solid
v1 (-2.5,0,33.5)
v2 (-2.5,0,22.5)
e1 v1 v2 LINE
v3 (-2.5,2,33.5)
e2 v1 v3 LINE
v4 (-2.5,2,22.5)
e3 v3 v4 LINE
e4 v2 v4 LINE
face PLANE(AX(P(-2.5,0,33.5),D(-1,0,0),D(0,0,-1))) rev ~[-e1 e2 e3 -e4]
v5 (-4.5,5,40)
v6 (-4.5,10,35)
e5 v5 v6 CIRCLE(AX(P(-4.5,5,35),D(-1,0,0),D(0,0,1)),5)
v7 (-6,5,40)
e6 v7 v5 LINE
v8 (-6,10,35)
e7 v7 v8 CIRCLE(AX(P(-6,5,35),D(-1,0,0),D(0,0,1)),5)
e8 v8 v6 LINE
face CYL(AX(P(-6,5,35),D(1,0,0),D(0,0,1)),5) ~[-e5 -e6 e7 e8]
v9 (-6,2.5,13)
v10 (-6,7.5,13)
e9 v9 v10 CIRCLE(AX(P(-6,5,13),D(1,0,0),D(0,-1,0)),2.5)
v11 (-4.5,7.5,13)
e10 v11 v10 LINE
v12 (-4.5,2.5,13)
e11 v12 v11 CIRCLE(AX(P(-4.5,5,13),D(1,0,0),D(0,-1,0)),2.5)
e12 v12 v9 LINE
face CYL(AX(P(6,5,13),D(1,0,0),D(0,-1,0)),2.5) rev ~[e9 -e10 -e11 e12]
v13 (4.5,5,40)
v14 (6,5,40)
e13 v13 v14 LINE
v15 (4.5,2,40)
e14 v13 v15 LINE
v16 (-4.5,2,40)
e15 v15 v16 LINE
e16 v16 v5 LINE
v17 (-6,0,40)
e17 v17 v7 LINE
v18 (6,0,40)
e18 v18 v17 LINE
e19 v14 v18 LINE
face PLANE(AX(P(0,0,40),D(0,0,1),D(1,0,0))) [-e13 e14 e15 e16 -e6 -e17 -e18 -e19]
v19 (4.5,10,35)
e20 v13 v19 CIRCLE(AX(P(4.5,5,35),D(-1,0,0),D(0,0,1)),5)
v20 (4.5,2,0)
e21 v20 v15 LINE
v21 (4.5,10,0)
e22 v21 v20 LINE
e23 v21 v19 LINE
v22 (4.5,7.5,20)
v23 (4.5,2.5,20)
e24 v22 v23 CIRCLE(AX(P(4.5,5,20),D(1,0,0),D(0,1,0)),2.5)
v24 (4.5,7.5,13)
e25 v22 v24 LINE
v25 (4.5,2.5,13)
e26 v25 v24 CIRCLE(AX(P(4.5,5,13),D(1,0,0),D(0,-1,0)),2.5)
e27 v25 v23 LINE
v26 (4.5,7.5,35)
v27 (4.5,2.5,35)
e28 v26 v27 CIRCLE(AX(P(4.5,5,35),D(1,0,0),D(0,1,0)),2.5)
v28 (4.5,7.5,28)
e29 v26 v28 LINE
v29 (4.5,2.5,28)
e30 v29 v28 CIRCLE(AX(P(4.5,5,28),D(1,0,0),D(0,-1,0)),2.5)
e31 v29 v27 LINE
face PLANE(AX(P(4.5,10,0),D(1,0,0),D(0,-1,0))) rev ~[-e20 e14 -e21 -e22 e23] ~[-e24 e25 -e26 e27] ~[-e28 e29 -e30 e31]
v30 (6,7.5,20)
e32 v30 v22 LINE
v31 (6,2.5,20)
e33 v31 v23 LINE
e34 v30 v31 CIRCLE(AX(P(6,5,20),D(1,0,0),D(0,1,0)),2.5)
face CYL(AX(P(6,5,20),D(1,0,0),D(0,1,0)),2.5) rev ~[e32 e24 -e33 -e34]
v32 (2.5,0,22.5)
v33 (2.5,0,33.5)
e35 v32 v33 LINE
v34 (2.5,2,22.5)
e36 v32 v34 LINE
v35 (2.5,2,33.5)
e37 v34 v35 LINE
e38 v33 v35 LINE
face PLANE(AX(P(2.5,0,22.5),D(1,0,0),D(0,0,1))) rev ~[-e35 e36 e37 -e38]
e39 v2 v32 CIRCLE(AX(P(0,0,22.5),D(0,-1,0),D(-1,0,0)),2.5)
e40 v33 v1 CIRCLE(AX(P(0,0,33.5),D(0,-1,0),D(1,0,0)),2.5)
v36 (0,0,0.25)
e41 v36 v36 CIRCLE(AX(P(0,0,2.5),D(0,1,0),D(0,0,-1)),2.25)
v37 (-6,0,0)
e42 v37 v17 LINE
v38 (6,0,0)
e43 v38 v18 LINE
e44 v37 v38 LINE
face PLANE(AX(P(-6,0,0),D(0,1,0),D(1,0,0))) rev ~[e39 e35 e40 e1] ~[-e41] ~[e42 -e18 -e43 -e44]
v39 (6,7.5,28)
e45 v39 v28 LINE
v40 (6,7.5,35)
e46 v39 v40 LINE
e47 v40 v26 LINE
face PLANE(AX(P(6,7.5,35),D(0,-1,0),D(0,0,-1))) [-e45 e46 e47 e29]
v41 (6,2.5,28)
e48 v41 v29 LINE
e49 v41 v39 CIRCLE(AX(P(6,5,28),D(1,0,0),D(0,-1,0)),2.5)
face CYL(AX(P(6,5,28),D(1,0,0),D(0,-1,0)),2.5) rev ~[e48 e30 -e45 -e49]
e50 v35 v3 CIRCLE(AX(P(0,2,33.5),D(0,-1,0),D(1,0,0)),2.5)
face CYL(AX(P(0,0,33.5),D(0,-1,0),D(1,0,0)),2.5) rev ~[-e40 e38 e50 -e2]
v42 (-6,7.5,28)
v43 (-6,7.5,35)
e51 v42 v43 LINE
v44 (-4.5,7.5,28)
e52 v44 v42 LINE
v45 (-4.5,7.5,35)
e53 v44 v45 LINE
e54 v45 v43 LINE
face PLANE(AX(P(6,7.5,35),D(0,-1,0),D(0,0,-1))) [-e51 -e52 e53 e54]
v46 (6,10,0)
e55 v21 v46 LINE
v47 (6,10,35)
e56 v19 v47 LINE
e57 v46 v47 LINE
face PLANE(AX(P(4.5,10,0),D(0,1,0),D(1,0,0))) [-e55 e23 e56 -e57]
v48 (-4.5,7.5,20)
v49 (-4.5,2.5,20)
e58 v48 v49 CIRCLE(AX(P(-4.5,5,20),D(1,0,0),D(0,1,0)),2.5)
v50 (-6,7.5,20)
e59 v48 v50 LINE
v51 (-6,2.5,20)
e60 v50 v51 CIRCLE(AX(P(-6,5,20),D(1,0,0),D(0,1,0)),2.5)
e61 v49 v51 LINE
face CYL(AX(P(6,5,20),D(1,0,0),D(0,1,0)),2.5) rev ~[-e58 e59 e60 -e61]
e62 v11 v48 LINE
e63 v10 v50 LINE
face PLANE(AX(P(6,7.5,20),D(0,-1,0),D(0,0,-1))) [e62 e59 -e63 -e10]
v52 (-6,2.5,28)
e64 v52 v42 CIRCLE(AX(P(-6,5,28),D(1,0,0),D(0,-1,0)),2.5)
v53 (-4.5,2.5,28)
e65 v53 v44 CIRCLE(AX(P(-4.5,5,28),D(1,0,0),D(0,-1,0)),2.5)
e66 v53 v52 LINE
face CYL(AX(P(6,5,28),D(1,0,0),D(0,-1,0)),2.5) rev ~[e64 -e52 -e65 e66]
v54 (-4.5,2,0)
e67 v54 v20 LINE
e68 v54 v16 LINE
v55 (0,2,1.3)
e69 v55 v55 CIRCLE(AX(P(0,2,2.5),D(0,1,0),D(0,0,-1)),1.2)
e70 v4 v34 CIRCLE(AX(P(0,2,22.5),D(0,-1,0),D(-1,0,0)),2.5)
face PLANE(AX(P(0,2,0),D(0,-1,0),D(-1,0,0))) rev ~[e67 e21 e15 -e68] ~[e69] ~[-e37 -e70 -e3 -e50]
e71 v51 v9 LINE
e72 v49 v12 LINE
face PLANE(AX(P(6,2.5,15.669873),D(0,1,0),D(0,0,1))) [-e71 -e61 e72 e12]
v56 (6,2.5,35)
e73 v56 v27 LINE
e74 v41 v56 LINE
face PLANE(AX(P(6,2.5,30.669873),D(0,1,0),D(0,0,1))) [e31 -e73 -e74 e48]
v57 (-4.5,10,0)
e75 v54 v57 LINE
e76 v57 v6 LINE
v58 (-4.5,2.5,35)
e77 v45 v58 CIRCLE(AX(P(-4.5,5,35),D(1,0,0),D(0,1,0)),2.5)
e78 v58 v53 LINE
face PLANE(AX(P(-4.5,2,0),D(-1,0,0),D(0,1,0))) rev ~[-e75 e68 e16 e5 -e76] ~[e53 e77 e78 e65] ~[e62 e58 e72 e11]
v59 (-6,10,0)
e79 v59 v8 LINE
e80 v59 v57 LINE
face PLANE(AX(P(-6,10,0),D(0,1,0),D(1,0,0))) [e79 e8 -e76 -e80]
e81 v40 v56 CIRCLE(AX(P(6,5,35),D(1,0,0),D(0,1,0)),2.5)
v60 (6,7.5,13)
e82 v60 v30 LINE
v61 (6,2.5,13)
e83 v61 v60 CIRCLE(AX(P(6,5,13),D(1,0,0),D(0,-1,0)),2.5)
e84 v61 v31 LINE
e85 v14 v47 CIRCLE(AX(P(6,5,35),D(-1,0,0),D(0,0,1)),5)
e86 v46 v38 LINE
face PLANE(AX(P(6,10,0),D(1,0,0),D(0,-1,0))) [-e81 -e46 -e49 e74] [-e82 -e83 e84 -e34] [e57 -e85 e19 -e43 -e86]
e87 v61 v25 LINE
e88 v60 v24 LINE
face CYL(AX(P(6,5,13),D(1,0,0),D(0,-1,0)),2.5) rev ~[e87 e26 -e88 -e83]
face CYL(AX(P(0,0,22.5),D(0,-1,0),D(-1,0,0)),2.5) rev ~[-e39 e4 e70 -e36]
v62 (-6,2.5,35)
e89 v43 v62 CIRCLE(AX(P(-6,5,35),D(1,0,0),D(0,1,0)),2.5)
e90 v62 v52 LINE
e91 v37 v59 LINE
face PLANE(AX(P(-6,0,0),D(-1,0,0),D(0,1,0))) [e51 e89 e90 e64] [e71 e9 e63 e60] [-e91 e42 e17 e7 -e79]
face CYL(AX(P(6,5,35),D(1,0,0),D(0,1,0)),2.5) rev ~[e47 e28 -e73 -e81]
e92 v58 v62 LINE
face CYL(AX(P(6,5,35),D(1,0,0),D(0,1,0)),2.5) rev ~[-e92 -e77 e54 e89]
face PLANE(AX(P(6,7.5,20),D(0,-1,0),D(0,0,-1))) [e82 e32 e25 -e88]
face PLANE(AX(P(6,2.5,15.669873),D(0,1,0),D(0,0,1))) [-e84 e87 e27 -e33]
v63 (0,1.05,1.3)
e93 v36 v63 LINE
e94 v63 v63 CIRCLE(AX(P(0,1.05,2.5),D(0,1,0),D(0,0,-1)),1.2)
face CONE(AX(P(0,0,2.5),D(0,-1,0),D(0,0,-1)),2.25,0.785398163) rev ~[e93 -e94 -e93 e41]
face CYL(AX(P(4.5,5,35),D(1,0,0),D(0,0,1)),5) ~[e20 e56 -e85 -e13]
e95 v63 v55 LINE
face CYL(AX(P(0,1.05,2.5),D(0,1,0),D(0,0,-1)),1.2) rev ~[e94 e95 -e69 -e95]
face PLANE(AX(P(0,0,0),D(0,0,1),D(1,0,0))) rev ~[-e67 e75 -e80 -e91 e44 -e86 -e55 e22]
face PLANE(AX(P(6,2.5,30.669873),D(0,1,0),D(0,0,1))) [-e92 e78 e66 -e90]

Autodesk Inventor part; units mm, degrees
ref_plane "YZ Plane" through (0, 0, 0) normal (1, 0, 0) x (0, 1, 0)
ref_plane "XZ Plane" through (0, 0, 0) normal (0, 1, 0) x (-1, 0, 0)
ref_plane "XY Plane" through (0, 0, 0) normal (0, 0, 1) x (1, 0, 0)
sketch "Skizze1" plane through (0, 0, 0) normal (0, 0, 1) x (1, 0, 0)
  line L0 (-8.4, 0) -> (8.4, 0) projected
  line L1 (0, -2) -> (0, 12) projected
  line L2 (6, 10) -> (6, 0)
  line L3 (6, 0) -> (-6, 0)
  line L4 (-6, 0) -> (-6, 10)
  line L5 (4.5, 10) -> (4.5, 2)
  line L6 (4.5, 2) -> (-4.5, 2)
  line L7 (-4.5, 2) -> (-4.5, 10)
  line L8 (-6, 10) -> (-4.5, 10)
  line L9 (4.5, 10) -> (6, 10)
  point P0 (0, 0)
  dimension "d0" = 2
  dimension "d2" = 9
  dimension "d3" = 1.5
  dimension "d4" = 10
extrude "Extrusion1" add sketch "Skizze1" along normal blind 40
sketch "Skizze2" plane through (-6, 0, 0) normal (0, -1, 0) x (1, 0, 0)
  line L0 (0, 0) -> (12, 0) projected
  line L1 (12, 0) -> (12, 40) projected
  point P0 (6, 0)
  point P1 (6, 2.5)
  dimension "d7" = 2.5
  dimension "d8" = 6
hole "Bohrung1" at (0, 0, 2.5) direction (0, 1, 0) diameter 2.4 end through all countersink diameter 4.5 countersink angle 90
sketch "Skizze3" plane through (-6, 0, 0) normal (0, -1, 0) x (1, 0, 0)
  line L0 (0, 40) -> (12, 40) projected
  line L1 (0, 0) -> (0, 40) projected
  line L2 (3.5, 33.5) -> (3.5, 22.5)
  line L3 (8.5, 22.5) -> (8.5, 33.5)
  arc A0 (8.5, 33.5) -> (3.5, 33.5) centre (6, 33.5) ccw
  arc A1 (3.5, 22.5) -> (8.5, 22.5) centre (6, 22.5) ccw
  line L4 (0, 0) -> (12, 0) projected
  line L5 (6, 22.5) -> (6, 33.5)
  point P0 (6, 0)
  point P1 (6, 28)
  dimension "d36" = 4
  dimension "d37" = 20
  dimension "d38" = 6
  dimension "d39" = 5
extrude "Extrusion2" cut sketch "Skizze3" against normal through all
sketch "Skizze4" plane through (6, 0, 0) normal (1, 0, 0) x (0, 0, -1)
  line L0 (0, 10) -> (-40, 10) projected
  line L1 (-40, 0) -> (-40, 10) projected
  line L2 (0, 0) -> (-40, 0) projected
  line L3 (-35, 5) -> (-28, 5) construction
  line L4 (-35, 7.5) -> (-28, 7.5)
  line L5 (-28, 2.5) -> (-35, 2.5)
  arc A0 (-35, 7.5) -> (-35, 2.5) centre (-35, 5) ccw
  arc A1 (-28, 2.5) -> (-28, 7.5) centre (-28, 5) ccw
  circle A2 centre (-35, 5) radius 5
  point P0 (-31.5, 5)
  dimension "d25" = 5
  dimension "d26" = 7
  dimension "d27" = 5
  dimension "d28" = 5
  dimension "d35" = 7
extrude "Extrusion3" cut sketch "Skizze4" against normal through all contours A2 L5 A0 L4 | L4 A1 L5 A2 picked at (-33.3333, 5)
pattern_linear "Rechteckige Anordnung1" count 2 spacing 15 along (0, 0, -1) of "Extrusion3"
fillet "Rundung1" radius 5 2 edges at (-5.25, 10, 40) (5.25, 10, 40)
properties part number "13_1087_002" material "Kupfer"
